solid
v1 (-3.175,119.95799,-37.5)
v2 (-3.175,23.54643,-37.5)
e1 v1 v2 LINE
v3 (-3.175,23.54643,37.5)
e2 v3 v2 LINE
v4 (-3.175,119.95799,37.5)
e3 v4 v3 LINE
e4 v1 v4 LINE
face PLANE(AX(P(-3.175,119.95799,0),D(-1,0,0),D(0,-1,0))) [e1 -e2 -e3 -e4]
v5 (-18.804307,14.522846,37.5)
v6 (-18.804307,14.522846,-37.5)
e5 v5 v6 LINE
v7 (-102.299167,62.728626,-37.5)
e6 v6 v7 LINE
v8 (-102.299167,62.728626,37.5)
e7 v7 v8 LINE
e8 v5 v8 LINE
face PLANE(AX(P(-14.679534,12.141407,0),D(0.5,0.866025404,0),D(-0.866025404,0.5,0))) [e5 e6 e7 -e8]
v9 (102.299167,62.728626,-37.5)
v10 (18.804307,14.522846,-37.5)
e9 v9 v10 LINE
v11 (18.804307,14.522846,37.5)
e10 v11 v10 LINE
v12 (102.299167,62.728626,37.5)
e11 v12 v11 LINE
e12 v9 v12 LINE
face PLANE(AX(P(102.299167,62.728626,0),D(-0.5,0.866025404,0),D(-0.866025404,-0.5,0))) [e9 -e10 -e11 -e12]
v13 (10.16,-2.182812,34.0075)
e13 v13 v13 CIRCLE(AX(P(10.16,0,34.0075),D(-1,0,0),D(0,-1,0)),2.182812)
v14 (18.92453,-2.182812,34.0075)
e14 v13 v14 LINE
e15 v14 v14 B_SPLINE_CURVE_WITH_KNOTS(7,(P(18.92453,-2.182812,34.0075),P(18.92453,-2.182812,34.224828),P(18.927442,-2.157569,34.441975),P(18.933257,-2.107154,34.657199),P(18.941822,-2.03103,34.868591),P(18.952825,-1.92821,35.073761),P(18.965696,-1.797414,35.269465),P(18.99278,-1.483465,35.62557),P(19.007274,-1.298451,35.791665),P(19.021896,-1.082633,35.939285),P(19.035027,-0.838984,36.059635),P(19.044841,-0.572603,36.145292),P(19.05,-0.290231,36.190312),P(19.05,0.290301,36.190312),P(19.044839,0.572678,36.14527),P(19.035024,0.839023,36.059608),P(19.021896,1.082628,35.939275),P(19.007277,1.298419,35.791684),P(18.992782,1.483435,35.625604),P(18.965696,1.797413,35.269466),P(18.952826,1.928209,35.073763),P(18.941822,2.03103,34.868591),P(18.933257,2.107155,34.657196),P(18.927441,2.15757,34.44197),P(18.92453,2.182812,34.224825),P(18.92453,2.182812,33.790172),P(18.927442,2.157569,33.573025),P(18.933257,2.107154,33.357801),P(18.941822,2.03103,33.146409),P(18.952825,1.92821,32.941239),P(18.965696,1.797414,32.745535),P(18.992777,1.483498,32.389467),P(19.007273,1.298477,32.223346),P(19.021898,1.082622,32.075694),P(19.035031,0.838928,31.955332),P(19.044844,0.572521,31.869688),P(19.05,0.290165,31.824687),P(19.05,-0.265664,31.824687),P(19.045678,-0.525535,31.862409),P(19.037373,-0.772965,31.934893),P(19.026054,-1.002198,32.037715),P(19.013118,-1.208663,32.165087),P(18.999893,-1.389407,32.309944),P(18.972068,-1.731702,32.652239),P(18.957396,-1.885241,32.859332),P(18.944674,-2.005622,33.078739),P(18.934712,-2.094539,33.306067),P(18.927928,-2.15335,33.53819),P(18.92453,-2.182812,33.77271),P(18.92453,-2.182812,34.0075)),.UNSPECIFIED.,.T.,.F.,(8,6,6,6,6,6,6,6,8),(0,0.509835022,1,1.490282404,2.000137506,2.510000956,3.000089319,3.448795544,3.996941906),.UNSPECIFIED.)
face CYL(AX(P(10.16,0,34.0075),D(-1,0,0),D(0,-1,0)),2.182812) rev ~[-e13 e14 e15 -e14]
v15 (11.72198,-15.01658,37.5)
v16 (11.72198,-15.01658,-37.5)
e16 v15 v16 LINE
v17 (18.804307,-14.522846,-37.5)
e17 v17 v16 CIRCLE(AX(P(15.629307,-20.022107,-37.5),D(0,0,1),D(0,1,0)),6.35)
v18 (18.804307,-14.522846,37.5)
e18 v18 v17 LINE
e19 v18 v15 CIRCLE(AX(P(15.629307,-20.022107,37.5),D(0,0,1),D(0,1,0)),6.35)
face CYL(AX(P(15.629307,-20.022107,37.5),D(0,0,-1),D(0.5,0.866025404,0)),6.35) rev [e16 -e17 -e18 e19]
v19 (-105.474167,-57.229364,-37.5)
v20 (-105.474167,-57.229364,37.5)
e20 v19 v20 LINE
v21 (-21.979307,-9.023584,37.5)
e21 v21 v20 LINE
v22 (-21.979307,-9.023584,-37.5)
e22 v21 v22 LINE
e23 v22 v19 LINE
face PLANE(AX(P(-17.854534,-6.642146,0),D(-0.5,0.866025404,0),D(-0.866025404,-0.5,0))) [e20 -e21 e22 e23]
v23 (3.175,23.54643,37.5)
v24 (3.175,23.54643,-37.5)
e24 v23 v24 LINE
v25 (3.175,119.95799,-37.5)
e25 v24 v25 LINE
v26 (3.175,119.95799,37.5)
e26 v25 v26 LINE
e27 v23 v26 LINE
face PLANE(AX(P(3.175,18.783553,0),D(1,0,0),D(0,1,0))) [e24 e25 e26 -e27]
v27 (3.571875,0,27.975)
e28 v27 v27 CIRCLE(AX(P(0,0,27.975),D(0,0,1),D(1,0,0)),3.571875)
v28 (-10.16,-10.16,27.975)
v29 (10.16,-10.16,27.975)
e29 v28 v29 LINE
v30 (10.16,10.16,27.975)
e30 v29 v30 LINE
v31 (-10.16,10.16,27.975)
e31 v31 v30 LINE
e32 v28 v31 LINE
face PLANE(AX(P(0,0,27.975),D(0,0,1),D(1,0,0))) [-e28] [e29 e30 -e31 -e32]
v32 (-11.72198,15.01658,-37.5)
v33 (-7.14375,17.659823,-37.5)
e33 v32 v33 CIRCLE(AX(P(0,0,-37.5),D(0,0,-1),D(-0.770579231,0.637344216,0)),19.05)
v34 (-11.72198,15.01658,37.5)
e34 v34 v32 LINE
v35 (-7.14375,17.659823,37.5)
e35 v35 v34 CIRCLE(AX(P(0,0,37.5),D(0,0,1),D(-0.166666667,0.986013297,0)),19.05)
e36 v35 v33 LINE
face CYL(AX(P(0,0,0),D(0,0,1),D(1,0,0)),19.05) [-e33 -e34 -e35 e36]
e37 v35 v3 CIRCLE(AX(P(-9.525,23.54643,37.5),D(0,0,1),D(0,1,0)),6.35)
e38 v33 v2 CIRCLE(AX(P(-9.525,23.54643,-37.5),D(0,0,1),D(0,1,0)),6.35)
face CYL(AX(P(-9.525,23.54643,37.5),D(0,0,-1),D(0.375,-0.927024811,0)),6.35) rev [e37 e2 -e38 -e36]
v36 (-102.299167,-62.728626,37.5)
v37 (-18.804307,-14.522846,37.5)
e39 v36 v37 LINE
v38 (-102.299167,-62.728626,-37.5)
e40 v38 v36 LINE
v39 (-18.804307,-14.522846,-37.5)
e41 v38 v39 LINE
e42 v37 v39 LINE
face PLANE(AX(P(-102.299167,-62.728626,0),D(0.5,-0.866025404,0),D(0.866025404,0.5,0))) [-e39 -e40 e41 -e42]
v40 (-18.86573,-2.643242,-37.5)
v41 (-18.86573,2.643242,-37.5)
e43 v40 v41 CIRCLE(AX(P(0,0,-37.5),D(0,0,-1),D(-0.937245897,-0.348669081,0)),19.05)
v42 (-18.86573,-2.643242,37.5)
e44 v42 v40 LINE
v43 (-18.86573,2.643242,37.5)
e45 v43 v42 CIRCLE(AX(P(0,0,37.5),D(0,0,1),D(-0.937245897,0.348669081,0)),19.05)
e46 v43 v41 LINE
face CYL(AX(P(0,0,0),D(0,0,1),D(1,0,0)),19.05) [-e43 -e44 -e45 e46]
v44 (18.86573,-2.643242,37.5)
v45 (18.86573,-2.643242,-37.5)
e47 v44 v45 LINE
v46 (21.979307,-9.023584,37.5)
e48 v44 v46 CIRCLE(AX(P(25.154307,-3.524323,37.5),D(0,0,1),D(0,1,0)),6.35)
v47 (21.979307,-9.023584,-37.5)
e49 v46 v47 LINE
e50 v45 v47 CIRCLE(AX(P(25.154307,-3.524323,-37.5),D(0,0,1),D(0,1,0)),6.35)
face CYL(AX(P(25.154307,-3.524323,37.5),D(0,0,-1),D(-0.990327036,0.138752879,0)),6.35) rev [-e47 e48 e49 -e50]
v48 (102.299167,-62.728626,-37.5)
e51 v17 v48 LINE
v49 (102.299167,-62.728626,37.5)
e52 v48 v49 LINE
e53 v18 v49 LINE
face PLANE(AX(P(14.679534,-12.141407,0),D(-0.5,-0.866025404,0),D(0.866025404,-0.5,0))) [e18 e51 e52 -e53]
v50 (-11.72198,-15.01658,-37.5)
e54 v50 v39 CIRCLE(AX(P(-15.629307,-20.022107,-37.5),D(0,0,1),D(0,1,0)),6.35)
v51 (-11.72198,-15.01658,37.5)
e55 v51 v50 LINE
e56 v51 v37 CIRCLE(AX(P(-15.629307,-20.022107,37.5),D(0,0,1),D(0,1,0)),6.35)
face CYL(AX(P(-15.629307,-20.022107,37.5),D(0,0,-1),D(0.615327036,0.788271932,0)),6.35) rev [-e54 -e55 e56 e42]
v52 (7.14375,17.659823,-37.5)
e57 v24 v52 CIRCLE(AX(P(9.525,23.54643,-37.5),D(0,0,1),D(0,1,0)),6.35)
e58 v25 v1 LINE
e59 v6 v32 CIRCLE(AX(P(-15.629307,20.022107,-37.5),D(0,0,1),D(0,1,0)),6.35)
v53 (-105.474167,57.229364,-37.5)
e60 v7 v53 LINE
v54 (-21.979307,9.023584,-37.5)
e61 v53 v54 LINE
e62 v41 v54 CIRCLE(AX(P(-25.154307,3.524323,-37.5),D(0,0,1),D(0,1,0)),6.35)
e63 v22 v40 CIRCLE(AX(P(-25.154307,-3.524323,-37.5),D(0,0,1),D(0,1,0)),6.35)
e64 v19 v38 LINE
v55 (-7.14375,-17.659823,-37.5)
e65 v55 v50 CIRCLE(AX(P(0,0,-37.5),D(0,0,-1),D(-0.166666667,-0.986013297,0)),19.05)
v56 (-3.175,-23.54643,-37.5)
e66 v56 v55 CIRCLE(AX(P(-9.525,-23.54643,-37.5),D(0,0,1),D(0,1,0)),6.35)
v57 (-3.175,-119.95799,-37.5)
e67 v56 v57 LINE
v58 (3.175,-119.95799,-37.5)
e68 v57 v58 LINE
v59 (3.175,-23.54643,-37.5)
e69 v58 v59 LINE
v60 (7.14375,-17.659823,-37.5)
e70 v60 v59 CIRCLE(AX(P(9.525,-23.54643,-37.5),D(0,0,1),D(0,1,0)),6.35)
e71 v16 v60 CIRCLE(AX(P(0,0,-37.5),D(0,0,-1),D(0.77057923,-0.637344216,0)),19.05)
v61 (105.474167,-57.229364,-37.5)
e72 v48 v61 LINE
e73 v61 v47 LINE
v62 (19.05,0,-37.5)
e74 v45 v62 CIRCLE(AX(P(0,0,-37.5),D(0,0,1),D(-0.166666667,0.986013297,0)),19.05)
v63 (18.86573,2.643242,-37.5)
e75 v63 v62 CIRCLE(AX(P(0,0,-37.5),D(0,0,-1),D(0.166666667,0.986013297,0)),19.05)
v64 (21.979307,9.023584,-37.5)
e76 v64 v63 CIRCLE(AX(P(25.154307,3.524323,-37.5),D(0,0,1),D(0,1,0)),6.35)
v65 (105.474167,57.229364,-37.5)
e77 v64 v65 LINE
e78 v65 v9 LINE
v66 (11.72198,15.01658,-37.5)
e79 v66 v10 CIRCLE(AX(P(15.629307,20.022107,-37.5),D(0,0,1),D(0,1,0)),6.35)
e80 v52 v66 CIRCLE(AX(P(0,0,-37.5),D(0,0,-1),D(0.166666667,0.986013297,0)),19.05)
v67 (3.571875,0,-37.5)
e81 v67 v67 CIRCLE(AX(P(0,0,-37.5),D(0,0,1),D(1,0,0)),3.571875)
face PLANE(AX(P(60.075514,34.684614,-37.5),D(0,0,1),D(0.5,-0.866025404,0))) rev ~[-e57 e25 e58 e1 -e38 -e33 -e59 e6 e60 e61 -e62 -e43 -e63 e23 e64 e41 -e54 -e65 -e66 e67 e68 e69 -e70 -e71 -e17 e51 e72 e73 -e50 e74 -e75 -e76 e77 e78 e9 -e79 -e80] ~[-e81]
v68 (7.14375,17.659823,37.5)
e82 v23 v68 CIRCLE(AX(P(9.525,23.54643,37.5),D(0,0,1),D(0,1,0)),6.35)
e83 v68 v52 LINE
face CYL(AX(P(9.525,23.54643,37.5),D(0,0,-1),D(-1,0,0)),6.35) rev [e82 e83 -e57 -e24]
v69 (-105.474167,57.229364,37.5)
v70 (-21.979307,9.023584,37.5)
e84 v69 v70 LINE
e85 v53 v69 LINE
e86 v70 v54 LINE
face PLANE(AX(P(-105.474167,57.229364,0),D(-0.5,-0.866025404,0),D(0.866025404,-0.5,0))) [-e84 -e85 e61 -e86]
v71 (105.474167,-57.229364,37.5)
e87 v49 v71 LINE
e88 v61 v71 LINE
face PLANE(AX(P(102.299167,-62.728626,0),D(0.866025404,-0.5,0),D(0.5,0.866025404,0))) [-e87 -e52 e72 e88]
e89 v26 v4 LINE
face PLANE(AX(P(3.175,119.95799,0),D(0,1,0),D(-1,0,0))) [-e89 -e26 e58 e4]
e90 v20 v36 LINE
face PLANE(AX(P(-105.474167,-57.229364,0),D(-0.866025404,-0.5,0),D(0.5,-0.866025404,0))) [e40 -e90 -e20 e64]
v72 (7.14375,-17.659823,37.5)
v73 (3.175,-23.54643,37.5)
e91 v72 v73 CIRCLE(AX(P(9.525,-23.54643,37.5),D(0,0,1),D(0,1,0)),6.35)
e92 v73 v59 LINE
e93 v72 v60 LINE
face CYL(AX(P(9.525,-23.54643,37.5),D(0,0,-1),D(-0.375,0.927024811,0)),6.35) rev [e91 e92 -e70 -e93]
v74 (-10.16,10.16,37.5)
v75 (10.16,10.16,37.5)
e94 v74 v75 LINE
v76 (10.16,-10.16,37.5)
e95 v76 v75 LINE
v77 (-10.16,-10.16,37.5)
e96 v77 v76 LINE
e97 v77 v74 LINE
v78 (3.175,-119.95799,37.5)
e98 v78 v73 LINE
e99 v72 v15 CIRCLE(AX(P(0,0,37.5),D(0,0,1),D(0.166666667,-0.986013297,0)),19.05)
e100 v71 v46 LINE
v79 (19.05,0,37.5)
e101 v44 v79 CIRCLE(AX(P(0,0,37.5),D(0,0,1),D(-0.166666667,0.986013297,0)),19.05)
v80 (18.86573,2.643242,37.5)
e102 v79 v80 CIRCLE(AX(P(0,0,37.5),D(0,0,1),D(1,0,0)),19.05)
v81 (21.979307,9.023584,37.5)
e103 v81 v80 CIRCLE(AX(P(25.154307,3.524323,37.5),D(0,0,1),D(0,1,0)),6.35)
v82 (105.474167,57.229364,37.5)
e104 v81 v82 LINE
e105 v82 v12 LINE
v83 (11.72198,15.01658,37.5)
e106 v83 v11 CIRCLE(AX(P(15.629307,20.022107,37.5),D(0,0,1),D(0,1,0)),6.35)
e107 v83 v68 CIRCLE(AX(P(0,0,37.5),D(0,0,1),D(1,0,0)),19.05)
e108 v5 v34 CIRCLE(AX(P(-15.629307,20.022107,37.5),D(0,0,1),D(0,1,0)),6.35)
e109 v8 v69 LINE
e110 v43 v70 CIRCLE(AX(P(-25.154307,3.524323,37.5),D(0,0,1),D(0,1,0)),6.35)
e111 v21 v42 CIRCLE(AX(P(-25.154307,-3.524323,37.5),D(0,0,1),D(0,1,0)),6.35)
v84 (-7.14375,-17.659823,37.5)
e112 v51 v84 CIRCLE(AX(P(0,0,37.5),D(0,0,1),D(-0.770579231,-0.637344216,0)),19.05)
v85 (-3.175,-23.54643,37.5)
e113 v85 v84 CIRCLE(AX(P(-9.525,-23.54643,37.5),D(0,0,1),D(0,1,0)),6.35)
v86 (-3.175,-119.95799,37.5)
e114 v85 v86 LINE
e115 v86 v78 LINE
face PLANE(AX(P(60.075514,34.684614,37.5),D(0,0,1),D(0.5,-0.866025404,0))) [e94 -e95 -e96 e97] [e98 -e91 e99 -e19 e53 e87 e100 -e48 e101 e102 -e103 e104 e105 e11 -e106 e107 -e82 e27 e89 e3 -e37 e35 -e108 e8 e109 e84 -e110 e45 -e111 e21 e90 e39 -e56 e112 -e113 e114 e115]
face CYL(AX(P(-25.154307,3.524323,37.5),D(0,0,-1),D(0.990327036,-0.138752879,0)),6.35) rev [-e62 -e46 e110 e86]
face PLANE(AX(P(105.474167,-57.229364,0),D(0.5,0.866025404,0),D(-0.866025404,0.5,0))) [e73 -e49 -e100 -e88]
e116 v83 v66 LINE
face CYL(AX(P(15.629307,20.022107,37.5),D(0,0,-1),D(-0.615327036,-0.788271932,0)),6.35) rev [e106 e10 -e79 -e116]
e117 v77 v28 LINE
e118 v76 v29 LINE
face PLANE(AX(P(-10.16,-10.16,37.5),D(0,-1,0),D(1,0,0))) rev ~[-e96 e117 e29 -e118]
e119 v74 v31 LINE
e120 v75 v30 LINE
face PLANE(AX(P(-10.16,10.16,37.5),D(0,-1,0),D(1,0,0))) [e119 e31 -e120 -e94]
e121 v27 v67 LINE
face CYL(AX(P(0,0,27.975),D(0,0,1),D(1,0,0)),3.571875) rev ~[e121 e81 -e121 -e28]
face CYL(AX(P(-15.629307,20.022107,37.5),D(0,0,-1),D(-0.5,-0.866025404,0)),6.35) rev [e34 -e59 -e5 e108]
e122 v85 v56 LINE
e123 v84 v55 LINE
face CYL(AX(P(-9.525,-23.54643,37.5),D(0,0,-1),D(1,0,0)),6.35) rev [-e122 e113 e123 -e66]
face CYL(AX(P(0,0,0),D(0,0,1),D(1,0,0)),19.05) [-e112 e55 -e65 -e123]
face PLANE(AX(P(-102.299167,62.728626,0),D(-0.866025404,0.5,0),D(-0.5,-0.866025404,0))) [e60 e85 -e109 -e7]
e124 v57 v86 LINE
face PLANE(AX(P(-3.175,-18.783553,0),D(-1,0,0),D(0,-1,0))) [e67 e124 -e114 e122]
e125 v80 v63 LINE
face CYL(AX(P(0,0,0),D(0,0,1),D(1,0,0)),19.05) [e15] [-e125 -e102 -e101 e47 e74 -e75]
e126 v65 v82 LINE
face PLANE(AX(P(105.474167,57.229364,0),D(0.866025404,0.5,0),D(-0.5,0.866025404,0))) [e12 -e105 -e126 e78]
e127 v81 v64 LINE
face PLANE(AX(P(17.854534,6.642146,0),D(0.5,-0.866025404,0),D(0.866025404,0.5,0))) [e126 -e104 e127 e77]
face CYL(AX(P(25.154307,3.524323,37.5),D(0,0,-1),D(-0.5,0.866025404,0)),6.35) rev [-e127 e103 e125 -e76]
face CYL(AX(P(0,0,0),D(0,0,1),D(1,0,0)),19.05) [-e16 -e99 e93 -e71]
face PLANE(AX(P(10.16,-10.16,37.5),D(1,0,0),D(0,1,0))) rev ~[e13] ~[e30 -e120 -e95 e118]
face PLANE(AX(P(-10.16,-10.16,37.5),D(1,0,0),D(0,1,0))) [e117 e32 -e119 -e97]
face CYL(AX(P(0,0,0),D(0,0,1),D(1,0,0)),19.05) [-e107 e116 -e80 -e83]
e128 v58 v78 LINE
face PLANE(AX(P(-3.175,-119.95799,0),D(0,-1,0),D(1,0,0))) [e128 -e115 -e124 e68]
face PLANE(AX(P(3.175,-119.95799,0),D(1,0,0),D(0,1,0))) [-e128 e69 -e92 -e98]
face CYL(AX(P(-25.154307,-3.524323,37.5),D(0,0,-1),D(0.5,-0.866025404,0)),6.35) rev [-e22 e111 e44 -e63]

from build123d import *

# Parameters (mm, degrees)
BOSS_EXTRUDE1_DEPTH = 37.5
CIRPATTERN1_COUNT   = 6
FILLET1_R           = 6.35
SKETCH2_W           = 20.32
SKETCH2_H           = 20.32
CUT_EXTRUDE1_DEPTH  = 9.525
SKETCH3_R           = 3.571875
CUT_EXTRUDE2_DEPTH  = 173.631673961
SKETCH4_R           = 2.1828125
CUT_EXTRUDE3_DEPTH  = 171.784747264


with BuildPart() as part:
    # Sketch1 → Boss-Extrude1 (new, symmetric)
    with BuildSketch(Plane.XY):
        with BuildLine():
            Line((-3.175, 119.957990042), (-3.175, 18.783553311))
            ThreePointArc((-3.175, 18.783553311), (0, 19.05), (3.175, 18.783553311))
            Line((3.175, 18.783553311), (3.175, 119.957990042))
            Line((3.175, 119.957990042), (-3.175, 119.957990042))
        make_face()
        with BuildLine():
            Line((-3.175, 18.783553311), (-3.175, 0))
            Line((-3.175, 0), (3.175, 0))
            Line((3.175, 0), (3.175, 18.783553311))
            ThreePointArc((3.175, 18.783553311), (0, 19.05), (-3.175, 18.783553311))
        make_face()
        with BuildLine():
            Line((3.175, 0), (-3.175, 0))
            Line((-3.175, 0), (-3.175, 18.783553311))
            ThreePointArc((-3.175, 18.783553311), (-12.296722124, -14.549677831), (19.05, 0))
            ThreePointArc((19.05, 0), (14.549677831, 12.296722124), (3.175, 18.783553311))
            Line((3.175, 18.783553311), (3.175, 0))
        make_face()
    boss_extrude1 = extrude(amount=BOSS_EXTRUDE1_DEPTH, both=True)

    # CirPattern1: Boss-Extrude1 ×6 about axis
    cirpattern1_axis = Axis((0, 0, 0), (0, 0, 1))
    for i in range(1, CIRPATTERN1_COUNT):
        add(boss_extrude1.rotate(cirpattern1_axis, i * 360 / CIRPATTERN1_COUNT))

    # Fillet1
    fillet1_edges = [part.edges().sort_by_distance(p)[0] for p in [
        (14.679534341, 12.141407313, 0),
        (-17.854534341, 6.642145999, 0),
        (3.175, -18.783553311, 0),
        (17.854534341, -6.642145999, 0),
        (-14.679534341, -12.141407313, 0),
        (-14.679534341, 12.141407313, 0),
        (-3.175, -18.783553311, 0),
        (17.854534341, 6.642145999, 0),
        (14.679534341, -12.141407313, 0),
        (-17.854534341, -6.642145999, 0),
        (-3.175, 18.783553311, 0),
        (3.175, 18.783553311, 0),
    ]]
    fillet(fillet1_edges, radius=FILLET1_R)

    # Sketch2 → Cut-Extrude1 (cut)
    with BuildSketch(Plane.XY.offset(37.5)):
        Rectangle(SKETCH2_W, SKETCH2_H)
    extrude(amount=-CUT_EXTRUDE1_DEPTH, mode=Mode.SUBTRACT)

    # Sketch3 → Cut-Extrude2 (cut, through all)
    with BuildSketch(Plane.XY.offset(27.975)):
        Circle(SKETCH3_R)
    extrude(amount=-CUT_EXTRUDE2_DEPTH, mode=Mode.SUBTRACT)

    # Sketch4 → Cut-Extrude3 (cut, through all)
    with BuildSketch(Plane.ZY.offset(-10.16)):
        with Locations(Location((34.0075, 0, 0), (0, 0, 270))):
            Circle(SKETCH4_R)
    extrude(amount=-CUT_EXTRUDE3_DEPTH, mode=Mode.SUBTRACT)


solid = part.part
